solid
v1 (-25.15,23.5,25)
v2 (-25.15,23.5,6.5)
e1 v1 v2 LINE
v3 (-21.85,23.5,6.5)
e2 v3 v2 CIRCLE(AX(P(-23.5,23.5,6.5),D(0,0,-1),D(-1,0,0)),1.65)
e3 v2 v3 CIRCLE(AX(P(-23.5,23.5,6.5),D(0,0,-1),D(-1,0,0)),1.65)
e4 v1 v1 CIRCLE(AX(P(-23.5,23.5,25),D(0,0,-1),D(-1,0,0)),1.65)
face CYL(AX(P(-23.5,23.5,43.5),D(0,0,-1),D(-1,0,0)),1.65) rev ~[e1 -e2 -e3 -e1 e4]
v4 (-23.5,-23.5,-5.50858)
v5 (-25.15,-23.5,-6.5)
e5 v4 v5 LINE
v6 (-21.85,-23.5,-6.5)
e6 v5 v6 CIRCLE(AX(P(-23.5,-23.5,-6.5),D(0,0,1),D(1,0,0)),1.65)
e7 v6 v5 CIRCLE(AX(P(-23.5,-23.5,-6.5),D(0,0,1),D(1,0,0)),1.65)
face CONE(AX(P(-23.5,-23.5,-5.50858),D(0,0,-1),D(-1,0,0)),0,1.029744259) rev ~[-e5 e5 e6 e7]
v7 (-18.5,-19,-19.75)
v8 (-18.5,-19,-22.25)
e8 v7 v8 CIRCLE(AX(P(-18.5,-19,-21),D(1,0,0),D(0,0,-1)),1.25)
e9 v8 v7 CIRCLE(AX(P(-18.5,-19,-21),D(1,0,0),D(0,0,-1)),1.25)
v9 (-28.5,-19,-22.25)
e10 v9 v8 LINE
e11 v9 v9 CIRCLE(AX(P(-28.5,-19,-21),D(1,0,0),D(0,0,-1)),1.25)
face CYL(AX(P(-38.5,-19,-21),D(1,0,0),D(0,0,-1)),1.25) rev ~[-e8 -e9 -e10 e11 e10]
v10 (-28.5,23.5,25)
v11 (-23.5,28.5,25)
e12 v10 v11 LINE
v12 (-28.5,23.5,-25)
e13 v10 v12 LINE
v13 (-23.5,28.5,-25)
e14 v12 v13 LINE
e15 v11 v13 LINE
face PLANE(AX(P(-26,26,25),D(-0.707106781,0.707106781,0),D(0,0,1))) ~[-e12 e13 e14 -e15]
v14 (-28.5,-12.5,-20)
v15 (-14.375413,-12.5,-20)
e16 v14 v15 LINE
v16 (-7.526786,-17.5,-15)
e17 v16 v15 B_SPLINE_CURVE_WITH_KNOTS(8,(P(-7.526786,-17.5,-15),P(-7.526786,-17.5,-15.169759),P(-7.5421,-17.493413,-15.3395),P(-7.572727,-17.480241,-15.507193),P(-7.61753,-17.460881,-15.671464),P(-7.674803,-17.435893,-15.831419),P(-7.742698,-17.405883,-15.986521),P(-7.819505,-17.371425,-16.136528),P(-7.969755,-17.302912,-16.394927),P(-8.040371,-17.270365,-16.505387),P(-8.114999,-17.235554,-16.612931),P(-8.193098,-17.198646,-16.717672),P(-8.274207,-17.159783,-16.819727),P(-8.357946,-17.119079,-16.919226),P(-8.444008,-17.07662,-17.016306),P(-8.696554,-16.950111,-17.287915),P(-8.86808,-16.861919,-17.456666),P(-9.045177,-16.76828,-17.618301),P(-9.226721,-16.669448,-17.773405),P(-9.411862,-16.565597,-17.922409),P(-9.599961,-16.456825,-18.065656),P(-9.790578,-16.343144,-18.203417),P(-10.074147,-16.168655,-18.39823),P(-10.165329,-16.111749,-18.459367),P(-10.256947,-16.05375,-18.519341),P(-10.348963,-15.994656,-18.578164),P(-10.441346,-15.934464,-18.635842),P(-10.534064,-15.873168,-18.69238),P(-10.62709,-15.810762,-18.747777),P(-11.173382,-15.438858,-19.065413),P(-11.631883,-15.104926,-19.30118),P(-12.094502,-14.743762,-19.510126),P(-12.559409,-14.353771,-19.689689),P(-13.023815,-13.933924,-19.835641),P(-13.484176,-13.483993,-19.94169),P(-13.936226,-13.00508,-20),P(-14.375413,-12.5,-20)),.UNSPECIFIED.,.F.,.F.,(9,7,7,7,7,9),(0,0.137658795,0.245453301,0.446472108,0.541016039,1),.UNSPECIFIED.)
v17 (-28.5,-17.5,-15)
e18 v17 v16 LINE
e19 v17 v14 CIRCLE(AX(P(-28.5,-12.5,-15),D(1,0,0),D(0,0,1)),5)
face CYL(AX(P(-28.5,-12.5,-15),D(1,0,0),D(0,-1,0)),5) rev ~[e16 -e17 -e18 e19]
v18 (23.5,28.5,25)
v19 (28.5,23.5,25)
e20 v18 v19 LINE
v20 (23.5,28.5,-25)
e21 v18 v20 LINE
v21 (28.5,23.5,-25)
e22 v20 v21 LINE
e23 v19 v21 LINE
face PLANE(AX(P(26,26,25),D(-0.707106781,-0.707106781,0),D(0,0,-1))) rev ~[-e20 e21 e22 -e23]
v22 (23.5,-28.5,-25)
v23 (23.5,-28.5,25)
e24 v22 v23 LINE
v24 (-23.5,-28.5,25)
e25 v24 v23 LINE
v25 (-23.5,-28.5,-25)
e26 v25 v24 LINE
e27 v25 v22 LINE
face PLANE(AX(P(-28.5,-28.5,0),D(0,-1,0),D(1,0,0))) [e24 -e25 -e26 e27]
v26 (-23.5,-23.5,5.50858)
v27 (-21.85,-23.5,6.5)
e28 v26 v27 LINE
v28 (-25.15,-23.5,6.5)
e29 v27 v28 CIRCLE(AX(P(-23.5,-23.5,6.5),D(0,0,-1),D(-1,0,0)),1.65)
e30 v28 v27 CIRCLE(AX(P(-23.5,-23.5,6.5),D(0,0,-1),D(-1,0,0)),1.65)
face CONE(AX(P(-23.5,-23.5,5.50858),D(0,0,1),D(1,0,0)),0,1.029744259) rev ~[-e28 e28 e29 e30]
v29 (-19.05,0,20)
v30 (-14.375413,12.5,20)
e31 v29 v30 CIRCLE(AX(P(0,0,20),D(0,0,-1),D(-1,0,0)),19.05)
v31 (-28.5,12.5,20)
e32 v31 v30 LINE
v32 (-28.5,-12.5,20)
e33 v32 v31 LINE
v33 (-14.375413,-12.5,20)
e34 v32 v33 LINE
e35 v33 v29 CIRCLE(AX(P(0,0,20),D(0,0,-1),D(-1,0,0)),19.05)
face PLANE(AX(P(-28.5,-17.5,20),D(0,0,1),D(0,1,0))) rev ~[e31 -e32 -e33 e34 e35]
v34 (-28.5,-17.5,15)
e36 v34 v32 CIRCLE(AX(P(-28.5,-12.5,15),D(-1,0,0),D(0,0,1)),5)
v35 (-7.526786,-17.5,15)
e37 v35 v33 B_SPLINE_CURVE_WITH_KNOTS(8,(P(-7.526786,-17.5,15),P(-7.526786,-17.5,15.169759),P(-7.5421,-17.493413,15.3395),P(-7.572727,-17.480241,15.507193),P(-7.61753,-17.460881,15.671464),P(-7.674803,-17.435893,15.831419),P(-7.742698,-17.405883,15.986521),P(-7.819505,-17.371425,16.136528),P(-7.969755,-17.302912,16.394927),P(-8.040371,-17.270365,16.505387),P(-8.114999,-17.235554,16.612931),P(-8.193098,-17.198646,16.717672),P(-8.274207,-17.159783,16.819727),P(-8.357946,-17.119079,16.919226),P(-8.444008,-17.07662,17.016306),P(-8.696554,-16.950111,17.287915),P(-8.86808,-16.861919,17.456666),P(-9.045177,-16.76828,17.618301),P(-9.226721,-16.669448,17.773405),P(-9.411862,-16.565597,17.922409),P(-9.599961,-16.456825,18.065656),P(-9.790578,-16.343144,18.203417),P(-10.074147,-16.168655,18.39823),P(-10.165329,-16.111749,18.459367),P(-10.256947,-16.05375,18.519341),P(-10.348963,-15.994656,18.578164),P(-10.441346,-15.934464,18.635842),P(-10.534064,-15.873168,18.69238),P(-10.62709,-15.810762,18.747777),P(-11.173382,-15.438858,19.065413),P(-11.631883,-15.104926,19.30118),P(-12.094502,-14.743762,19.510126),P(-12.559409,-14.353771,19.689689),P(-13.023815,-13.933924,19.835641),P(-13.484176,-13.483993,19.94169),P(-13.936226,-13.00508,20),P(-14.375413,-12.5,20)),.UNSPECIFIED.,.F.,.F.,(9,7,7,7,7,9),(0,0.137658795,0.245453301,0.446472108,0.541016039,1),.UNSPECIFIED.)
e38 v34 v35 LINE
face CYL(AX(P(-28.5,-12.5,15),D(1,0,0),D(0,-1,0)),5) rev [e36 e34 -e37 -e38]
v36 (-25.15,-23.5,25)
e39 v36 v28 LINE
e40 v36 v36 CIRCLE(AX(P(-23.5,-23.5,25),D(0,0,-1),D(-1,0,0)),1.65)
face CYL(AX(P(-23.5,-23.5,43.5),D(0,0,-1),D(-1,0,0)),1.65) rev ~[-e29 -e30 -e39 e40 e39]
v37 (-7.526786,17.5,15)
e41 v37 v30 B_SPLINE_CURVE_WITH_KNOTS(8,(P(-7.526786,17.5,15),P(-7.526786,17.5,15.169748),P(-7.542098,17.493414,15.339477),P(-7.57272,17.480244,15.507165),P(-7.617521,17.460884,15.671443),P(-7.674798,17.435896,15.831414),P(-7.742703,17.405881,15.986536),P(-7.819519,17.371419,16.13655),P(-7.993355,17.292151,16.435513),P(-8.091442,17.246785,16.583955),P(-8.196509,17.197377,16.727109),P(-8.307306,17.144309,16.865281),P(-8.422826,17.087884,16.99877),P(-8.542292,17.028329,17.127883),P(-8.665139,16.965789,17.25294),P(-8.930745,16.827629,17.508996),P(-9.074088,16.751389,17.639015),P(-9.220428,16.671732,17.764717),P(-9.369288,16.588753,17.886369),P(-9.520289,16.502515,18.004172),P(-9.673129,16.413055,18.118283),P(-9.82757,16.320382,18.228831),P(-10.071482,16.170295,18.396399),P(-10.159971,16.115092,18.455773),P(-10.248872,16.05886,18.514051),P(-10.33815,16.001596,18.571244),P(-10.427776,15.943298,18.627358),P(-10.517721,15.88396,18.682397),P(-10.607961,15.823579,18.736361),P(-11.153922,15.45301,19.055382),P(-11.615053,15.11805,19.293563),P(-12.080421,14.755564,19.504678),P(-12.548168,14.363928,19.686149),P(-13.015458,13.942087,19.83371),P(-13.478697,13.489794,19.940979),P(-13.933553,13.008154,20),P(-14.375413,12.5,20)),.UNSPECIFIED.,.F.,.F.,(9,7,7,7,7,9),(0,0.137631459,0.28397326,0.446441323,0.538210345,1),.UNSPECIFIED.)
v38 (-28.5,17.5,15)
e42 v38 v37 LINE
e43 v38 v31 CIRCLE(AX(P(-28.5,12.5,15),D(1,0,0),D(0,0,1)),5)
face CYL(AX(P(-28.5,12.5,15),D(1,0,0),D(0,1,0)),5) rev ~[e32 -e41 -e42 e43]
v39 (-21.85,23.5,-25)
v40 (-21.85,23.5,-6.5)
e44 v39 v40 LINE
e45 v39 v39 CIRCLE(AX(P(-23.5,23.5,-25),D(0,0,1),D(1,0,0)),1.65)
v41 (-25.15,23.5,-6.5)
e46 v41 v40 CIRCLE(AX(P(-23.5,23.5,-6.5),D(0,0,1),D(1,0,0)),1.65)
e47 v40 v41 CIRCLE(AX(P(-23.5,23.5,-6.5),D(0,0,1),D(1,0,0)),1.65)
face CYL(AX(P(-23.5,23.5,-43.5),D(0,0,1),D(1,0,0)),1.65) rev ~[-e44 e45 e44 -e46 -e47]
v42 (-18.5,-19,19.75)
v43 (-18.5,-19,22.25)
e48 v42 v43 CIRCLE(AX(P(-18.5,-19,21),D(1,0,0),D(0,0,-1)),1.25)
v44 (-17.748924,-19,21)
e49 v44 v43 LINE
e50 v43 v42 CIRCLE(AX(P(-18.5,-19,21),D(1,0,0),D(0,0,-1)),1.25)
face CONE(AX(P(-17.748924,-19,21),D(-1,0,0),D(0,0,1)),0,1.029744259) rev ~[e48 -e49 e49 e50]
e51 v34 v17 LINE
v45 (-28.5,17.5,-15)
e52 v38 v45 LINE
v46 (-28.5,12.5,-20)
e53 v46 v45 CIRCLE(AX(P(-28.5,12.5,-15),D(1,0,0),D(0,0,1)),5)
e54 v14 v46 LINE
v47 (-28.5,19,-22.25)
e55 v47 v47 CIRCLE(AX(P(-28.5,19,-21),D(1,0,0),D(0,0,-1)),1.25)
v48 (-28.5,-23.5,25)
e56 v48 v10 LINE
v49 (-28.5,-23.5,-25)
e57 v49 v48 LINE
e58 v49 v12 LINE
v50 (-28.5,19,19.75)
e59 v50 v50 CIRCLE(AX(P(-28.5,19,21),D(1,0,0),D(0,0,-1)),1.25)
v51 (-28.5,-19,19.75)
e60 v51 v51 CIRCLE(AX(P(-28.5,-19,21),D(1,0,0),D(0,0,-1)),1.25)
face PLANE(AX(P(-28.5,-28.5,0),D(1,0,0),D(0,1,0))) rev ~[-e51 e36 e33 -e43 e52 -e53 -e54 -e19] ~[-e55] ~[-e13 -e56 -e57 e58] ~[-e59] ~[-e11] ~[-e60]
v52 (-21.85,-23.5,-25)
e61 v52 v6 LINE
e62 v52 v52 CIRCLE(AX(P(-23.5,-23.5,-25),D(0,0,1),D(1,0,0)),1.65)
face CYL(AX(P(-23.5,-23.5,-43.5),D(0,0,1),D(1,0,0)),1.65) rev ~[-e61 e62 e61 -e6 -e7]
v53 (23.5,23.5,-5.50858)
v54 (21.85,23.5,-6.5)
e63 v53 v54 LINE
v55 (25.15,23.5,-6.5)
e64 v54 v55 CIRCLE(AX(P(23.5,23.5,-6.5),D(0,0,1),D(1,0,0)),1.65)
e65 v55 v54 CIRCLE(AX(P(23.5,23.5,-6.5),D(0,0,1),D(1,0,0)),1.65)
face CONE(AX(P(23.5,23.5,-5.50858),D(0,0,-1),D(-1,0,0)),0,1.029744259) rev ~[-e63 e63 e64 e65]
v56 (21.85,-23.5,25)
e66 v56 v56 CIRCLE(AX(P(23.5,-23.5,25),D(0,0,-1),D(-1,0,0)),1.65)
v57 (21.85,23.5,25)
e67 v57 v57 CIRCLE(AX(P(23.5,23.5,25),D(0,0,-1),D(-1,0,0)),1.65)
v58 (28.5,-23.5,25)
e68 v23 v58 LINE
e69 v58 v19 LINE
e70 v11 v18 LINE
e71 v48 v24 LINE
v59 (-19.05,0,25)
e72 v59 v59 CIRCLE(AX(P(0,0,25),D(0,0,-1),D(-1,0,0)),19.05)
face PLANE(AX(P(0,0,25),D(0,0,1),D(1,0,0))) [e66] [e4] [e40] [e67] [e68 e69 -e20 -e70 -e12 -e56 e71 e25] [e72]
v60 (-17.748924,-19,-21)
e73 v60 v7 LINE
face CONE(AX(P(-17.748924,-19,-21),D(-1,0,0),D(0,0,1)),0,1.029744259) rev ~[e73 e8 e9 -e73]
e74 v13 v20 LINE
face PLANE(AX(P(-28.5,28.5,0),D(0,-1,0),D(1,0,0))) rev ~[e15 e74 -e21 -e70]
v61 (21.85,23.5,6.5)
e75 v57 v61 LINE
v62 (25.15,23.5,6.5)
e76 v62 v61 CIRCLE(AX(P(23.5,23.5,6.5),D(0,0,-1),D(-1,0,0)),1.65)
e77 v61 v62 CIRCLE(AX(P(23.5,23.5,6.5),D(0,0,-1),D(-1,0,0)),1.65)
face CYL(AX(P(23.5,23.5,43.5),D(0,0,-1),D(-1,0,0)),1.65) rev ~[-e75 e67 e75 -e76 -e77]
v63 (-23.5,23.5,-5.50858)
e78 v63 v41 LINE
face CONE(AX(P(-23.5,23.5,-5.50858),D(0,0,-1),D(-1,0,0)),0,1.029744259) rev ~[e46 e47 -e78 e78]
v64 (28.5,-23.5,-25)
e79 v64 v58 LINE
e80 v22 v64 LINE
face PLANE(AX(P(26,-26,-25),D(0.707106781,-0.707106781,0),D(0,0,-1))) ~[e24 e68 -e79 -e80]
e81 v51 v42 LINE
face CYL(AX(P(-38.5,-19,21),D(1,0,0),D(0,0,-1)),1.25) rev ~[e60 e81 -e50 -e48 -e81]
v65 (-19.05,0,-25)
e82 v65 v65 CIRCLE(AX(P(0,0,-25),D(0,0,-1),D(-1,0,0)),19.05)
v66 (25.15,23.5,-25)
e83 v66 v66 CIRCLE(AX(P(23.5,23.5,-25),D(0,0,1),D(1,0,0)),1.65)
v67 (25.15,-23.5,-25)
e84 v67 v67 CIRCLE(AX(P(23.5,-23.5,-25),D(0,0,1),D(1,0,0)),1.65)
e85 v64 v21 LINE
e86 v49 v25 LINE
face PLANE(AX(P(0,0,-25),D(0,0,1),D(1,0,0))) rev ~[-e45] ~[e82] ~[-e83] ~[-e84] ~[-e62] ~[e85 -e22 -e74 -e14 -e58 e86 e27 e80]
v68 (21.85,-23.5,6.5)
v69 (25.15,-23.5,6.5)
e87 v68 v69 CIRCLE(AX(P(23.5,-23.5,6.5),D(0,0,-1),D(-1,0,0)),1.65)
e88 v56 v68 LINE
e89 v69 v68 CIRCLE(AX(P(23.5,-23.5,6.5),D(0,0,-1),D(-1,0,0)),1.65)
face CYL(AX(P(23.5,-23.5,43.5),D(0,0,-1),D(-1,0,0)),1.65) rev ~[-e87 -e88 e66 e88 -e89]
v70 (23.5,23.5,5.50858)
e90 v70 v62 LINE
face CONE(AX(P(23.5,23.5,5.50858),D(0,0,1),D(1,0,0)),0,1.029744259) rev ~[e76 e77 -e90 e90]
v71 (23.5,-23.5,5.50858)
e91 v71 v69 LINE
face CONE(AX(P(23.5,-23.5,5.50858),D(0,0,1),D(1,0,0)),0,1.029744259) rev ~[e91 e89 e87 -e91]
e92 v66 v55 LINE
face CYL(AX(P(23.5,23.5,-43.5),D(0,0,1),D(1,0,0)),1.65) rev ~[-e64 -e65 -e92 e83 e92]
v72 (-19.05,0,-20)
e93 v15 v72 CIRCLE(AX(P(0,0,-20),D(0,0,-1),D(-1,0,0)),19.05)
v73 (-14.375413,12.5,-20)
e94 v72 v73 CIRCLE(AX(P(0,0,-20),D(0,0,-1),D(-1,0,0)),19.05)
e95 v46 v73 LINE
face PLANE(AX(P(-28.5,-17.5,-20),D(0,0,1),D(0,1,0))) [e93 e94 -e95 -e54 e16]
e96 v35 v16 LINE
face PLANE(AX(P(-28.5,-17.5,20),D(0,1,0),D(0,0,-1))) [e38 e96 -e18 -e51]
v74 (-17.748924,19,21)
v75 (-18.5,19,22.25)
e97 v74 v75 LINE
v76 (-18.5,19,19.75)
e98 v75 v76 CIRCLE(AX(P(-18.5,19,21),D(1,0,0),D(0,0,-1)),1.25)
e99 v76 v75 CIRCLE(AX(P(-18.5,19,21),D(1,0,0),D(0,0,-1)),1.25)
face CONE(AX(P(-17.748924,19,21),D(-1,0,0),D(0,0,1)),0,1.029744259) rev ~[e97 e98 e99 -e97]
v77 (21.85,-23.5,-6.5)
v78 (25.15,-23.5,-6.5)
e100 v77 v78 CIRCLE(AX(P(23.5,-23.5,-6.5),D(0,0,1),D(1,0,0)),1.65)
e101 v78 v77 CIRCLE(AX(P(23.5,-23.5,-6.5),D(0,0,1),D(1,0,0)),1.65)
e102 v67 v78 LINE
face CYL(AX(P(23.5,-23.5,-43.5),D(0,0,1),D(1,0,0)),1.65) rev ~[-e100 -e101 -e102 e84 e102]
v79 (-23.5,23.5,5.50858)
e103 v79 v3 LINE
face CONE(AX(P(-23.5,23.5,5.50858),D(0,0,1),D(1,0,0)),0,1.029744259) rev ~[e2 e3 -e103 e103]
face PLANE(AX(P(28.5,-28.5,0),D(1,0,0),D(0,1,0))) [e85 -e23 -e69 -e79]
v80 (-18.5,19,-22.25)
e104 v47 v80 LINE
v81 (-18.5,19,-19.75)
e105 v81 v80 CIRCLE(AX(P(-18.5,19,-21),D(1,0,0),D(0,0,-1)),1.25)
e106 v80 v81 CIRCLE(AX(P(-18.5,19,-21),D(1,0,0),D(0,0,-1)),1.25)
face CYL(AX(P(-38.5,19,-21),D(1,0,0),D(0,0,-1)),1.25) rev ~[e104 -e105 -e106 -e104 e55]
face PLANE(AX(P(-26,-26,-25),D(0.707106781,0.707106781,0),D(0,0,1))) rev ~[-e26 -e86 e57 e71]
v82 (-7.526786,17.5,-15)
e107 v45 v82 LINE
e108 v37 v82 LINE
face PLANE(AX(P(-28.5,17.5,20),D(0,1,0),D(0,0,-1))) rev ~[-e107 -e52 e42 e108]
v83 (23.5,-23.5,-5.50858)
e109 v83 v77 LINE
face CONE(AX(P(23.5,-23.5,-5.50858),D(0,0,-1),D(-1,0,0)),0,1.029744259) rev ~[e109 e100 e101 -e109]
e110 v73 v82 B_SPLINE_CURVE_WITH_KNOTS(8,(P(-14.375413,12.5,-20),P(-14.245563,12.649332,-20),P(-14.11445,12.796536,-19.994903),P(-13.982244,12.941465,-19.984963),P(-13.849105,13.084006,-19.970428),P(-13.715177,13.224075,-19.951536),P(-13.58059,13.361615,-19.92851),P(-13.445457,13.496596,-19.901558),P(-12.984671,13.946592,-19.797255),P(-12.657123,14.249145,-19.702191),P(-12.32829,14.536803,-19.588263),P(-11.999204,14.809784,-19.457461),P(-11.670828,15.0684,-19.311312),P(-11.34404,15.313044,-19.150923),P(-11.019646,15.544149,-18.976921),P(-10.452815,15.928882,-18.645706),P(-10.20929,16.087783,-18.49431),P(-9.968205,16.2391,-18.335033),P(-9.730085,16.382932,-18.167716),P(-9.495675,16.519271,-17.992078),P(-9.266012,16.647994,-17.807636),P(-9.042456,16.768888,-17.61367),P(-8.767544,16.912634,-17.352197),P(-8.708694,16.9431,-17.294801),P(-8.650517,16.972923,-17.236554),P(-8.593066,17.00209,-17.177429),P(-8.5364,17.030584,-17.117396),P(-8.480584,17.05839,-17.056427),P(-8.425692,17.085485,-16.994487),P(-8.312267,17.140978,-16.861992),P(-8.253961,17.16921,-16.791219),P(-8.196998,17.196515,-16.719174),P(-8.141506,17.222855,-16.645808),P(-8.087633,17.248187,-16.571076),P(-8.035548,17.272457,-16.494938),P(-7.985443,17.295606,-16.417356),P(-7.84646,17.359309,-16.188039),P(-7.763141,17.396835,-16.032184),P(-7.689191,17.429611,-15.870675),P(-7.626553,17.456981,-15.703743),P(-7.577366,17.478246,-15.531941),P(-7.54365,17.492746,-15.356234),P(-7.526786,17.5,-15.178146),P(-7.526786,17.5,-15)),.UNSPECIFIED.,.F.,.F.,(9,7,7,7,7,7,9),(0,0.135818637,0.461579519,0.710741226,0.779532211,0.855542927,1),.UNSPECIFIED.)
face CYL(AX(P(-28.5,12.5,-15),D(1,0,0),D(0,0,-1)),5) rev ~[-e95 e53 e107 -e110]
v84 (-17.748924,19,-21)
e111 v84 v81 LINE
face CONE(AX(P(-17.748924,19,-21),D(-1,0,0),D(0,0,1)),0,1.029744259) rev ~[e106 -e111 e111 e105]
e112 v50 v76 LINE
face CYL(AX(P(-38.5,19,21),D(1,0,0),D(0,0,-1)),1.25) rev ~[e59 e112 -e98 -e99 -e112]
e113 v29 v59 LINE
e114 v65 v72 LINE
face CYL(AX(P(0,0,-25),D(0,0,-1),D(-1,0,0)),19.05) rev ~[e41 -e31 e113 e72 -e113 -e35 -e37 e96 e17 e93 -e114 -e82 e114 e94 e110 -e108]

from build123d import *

# Parameters (mm, degrees)
SKETCH_1_W             = 57
SKETCH_1_H             = 57
EXTRUDE_1_DEPTH        = 25
SKETCH_2_R             = 19.05
CUT_EXTRUDE_1_DEPTH    = 51
SKETCH_3_W             = 40
SKETCH_3_H             = 35
CUT_EXTRUDE_2_DEPTH    = 32
CHAMFER_1_SIZE         = 5
HOLE_WIZARD_M4_1_D     = 3.3
HOLE_WIZARD_M4_1_DEPTH = 18.5
HOLE_WIZARD_M4_1_TIP   = 0.991420021
FILLET_1_R             = 5
HOLE_WIZARD_M3_1_D     = 2.5
HOLE_WIZARD_M3_1_DEPTH = 10
HOLE_WIZARD_M3_1_TIP   = 0.751075774
HOLE_WIZARD_M4_2_D     = 3.3
HOLE_WIZARD_M4_2_DEPTH = 18.5
HOLE_WIZARD_M4_2_TIP   = 0.991420021


with BuildPart() as part:
    # 草图1 → 凸台-拉伸1 (new body, symmetric)
    with BuildSketch(Plane.XY):
        Rectangle(SKETCH_1_W, SKETCH_1_H)
    extrude(amount=EXTRUDE_1_DEPTH, both=True)

    # 草图2 → 切除-拉伸1 (cut, through all)
    with BuildSketch(Plane(origin=(0, 0, -25), x_dir=(-1, 0, 0), z_dir=(0, 0, -1))):
        Circle(SKETCH_2_R)
    extrude(amount=-CUT_EXTRUDE_1_DEPTH, mode=Mode.SUBTRACT)

    # 草图3 → 切除-拉伸2 (cut)
    with BuildSketch(Plane(origin=(-28.5, 0, 0), x_dir=(0, 0, -1), z_dir=(1, 0, 0))):
        Rectangle(SKETCH_3_W, SKETCH_3_H)
    extrude(amount=CUT_EXTRUDE_2_DEPTH, mode=Mode.SUBTRACT)

    # 倒角1
    chamfer_1_edges = [part.edges().sort_by_distance(p)[0] for p in [
        (28.5, -28.5, 0),
        (-28.5, -28.5, 0),
        (-28.5, 28.5, 0),
        (28.5, 28.5, 0),
    ]]
    chamfer(chamfer_1_edges, length=CHAMFER_1_SIZE)

    # M4 螺纹孔1
    with Locations(Plane(origin=(0, 0, -25), x_dir=(-1, 0, 0), z_dir=(0, 0, -1))):
        with Locations((-23.5, 23.5), (23.5, 23.5), (23.5, -23.5), (-23.5, -23.5)):
            Hole(HOLE_WIZARD_M4_1_D / 2, depth=HOLE_WIZARD_M4_1_DEPTH)
            with Locations((0, 0, -(HOLE_WIZARD_M4_1_DEPTH + HOLE_WIZARD_M4_1_TIP / 2))):  # 118° drill point
                Cone(0, HOLE_WIZARD_M4_1_D / 2, HOLE_WIZARD_M4_1_TIP, mode=Mode.SUBTRACT)

    # 圆角1
    fillet_1_edges = [part.edges().sort_by_distance(p)[0] for p in [
        (-18.013392751, -17.5, -20),
        (-18.013392751, 17.5, -20),
        (-18.013392751, 17.5, 20),
        (-18.013392751, -17.5, 20),
    ]]
    fillet(fillet_1_edges, radius=FILLET_1_R)

    # M3 螺纹孔1
    with Locations(Plane.ZY.offset(28.5)):
        with Locations((21, 19), (-21, 19), (-21, -19), (21, -19)):
            Hole(HOLE_WIZARD_M3_1_D / 2, depth=HOLE_WIZARD_M3_1_DEPTH)
            with Locations((0, 0, -(HOLE_WIZARD_M3_1_DEPTH + HOLE_WIZARD_M3_1_TIP / 2))):  # 118° drill point
                Cone(0, HOLE_WIZARD_M3_1_D / 2, HOLE_WIZARD_M3_1_TIP, mode=Mode.SUBTRACT)

    # M4 螺纹孔2
    with Locations(Plane.XY.offset(25)):
        with Locations((23.5, 23.5), (-23.5, 23.5), (-23.5, -23.5), (23.5, -23.5)):
            Hole(HOLE_WIZARD_M4_2_D / 2, depth=HOLE_WIZARD_M4_2_DEPTH)
            with Locations((0, 0, -(HOLE_WIZARD_M4_2_DEPTH + HOLE_WIZARD_M4_2_TIP / 2))):  # 118° drill point
                Cone(0, HOLE_WIZARD_M4_2_D / 2, HOLE_WIZARD_M4_2_TIP, mode=Mode.SUBTRACT)


solid = part.part
